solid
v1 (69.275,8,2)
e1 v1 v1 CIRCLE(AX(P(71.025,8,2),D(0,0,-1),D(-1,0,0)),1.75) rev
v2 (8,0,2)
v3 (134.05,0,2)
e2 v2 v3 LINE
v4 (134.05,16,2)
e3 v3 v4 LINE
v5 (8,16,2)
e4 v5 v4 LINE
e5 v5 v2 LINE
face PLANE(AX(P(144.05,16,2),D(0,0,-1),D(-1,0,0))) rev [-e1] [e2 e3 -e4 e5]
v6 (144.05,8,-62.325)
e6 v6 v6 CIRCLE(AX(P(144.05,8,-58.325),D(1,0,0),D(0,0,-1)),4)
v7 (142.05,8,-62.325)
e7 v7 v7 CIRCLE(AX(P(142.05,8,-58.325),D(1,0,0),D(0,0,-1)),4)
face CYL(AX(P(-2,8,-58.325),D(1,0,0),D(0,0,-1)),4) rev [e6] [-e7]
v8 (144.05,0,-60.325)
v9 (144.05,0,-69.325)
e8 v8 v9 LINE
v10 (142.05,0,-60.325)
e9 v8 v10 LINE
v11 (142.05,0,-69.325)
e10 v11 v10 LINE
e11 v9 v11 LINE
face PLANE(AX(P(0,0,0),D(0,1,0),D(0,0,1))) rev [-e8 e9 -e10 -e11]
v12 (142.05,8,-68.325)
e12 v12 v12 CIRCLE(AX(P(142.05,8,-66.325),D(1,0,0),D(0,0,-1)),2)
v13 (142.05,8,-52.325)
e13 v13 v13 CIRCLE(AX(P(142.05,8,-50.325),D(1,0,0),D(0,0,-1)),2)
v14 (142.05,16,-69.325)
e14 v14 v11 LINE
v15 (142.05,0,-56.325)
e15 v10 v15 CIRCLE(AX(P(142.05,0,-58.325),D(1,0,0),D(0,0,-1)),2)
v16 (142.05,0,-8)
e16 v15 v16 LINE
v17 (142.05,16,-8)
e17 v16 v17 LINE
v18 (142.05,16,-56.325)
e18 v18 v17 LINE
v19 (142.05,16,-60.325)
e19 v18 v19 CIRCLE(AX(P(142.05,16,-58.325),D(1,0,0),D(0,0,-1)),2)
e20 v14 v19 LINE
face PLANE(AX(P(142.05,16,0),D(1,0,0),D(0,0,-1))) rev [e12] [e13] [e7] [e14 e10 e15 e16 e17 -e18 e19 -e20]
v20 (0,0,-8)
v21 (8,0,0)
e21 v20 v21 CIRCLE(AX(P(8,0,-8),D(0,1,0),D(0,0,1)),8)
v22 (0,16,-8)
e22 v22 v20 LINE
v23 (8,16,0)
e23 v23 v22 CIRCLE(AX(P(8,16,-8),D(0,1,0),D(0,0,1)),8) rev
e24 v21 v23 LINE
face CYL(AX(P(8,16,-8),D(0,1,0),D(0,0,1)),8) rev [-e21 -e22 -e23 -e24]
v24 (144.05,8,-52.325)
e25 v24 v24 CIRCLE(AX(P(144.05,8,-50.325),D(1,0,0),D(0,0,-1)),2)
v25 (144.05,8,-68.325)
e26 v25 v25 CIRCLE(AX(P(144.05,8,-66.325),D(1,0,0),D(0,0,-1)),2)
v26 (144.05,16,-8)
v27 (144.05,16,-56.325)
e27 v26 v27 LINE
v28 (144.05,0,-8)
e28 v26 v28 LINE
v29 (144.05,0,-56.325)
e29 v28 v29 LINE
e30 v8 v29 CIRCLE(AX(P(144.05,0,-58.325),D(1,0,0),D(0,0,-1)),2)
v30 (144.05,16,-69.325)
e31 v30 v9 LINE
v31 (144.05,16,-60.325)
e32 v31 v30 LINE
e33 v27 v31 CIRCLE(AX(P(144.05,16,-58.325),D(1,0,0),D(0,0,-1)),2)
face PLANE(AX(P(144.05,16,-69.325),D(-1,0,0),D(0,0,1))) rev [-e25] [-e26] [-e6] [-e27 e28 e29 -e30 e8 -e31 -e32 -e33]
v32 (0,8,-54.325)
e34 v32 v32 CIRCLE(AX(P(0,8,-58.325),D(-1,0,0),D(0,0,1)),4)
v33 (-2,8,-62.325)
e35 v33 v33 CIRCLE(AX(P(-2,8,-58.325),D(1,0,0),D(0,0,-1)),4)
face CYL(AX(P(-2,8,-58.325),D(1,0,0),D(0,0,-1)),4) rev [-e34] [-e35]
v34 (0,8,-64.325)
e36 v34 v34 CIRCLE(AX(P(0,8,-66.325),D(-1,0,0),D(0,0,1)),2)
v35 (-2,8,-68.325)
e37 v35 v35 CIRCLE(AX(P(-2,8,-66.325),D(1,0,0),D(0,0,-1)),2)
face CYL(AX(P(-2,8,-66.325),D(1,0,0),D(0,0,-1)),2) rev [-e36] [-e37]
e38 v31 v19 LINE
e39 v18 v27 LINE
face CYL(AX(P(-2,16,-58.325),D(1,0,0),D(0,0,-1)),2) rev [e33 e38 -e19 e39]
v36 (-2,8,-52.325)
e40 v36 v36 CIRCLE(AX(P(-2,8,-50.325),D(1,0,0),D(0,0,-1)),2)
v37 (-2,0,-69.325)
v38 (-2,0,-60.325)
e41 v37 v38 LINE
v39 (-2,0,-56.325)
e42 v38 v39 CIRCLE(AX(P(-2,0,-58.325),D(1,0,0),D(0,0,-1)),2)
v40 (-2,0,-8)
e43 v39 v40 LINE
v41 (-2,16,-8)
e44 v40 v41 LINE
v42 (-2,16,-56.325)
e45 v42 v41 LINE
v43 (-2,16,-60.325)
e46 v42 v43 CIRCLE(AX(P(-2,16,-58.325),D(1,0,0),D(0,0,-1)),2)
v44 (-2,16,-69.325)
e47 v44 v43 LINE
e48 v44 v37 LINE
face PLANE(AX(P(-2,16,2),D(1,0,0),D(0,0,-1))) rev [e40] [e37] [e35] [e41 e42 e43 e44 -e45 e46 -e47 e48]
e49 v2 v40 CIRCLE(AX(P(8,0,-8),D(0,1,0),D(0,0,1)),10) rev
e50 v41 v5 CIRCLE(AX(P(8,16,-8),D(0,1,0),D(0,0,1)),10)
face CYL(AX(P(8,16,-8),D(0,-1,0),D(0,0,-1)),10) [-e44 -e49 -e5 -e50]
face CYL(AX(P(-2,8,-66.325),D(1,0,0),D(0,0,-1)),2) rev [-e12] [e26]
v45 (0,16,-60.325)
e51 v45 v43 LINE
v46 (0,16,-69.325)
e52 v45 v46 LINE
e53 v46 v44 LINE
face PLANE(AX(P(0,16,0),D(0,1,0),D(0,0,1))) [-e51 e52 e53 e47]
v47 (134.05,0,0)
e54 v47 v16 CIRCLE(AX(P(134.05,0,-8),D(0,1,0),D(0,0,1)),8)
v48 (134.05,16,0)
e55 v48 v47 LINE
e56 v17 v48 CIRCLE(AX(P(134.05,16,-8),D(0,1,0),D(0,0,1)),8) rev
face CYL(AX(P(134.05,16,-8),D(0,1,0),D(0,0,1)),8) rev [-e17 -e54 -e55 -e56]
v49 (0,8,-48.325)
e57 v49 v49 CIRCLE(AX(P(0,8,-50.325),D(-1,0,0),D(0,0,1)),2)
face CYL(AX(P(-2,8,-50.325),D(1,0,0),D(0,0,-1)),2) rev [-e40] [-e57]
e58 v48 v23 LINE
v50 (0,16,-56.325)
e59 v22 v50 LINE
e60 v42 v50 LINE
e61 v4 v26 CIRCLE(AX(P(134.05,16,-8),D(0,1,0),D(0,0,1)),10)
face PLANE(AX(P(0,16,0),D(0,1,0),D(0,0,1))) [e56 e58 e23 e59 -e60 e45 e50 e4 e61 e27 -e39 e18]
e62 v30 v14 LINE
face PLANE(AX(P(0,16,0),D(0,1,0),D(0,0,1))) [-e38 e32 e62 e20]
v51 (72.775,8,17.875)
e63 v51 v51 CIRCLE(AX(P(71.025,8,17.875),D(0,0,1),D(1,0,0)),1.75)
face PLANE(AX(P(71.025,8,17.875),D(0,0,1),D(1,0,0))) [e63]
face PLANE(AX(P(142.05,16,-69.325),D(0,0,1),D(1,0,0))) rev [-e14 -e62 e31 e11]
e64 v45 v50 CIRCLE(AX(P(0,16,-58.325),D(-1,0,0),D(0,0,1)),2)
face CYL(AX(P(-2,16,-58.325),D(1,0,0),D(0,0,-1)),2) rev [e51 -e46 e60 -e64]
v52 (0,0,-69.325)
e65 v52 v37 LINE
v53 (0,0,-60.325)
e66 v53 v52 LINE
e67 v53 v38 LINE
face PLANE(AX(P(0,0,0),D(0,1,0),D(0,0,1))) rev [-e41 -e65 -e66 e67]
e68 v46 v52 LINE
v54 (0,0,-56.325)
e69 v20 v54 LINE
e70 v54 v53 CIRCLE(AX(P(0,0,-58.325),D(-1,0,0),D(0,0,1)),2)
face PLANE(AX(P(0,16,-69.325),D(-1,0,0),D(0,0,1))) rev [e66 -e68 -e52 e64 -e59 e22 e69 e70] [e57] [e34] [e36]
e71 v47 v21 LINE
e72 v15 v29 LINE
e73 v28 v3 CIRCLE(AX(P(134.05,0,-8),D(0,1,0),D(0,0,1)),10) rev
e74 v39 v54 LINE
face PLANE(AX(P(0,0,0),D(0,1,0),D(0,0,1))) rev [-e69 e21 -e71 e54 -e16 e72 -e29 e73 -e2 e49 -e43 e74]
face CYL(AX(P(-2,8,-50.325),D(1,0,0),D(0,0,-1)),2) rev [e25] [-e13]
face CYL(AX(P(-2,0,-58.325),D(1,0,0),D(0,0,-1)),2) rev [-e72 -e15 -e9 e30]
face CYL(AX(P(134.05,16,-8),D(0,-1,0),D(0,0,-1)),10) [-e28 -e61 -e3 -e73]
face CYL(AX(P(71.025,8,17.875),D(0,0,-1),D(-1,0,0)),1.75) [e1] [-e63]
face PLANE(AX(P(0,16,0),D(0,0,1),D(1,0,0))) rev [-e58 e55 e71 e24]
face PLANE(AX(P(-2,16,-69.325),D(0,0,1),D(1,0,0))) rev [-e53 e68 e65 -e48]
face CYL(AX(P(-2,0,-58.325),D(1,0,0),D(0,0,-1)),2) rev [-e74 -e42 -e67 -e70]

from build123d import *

# Parameters (mm, degrees)
BOSS_EXTRUDE1_DEPTH = 16
FILLET1_R           = 8
FILLET2_R           = 10
SKETCH2_R           = 4
SKETCH2_R_2         = 2
CUT_EXTRUDE1_DEPTH  = 147.05
SKETCH3_R           = 1.75
BOSS_EXTRUDE2_DEPTH = 15.875


with BuildPart() as part:
    # Sketch1 → Boss-Extrude1 (new body)
    with BuildSketch(Plane(origin=(0, 0, 0), x_dir=(1, 0, 0), z_dir=(0, 1, 0))):
        Polygon((0, 0), (142.05, 0), (142.05, 69.325), (144.05, 69.325), (144.05, -2), (-2, -2), (-2, 69.325), (0, 69.325), align=None)
    extrude(amount=BOSS_EXTRUDE1_DEPTH)

    # Fillet1
    fillet1_edges = [part.edges().sort_by_distance(p)[0] for p in [
        (0, 8, 0),
        (142.05, 8, 0),
    ]]
    fillet(fillet1_edges, radius=FILLET1_R)

    # Fillet2
    fillet2_edges = [part.edges().sort_by_distance(p)[0] for p in [
        (144.05, 8, 2),
        (-2, 8, 2),
    ]]
    fillet(fillet2_edges, radius=FILLET2_R)

    # Sketch2 → Cut-Extrude1 (cut, through all)
    with BuildSketch(Plane(origin=(144.05, 0, 0), x_dir=(0, 0, -1), z_dir=(1, 0, 0))):
        with Locations((58.325, 8)):
            Circle(SKETCH2_R)
        with Locations((66.325, 8)):
            Circle(SKETCH2_R_2)
        with Locations((58.325, 0)):
            Circle(SKETCH2_R_2)
        with Locations((50.325, 8)):
            Circle(SKETCH2_R_2)
        with Locations((58.325, 16)):
            Circle(SKETCH2_R_2)
    extrude(amount=-CUT_EXTRUDE1_DEPTH, mode=Mode.SUBTRACT)

    # Sketch3 → Boss-Extrude2 (add)
    with BuildSketch(Plane.XY.offset(2)):
        with Locations((71.025, 8)):
            Circle(SKETCH3_R)
    extrude(amount=BOSS_EXTRUDE2_DEPTH)


solid = part.part
